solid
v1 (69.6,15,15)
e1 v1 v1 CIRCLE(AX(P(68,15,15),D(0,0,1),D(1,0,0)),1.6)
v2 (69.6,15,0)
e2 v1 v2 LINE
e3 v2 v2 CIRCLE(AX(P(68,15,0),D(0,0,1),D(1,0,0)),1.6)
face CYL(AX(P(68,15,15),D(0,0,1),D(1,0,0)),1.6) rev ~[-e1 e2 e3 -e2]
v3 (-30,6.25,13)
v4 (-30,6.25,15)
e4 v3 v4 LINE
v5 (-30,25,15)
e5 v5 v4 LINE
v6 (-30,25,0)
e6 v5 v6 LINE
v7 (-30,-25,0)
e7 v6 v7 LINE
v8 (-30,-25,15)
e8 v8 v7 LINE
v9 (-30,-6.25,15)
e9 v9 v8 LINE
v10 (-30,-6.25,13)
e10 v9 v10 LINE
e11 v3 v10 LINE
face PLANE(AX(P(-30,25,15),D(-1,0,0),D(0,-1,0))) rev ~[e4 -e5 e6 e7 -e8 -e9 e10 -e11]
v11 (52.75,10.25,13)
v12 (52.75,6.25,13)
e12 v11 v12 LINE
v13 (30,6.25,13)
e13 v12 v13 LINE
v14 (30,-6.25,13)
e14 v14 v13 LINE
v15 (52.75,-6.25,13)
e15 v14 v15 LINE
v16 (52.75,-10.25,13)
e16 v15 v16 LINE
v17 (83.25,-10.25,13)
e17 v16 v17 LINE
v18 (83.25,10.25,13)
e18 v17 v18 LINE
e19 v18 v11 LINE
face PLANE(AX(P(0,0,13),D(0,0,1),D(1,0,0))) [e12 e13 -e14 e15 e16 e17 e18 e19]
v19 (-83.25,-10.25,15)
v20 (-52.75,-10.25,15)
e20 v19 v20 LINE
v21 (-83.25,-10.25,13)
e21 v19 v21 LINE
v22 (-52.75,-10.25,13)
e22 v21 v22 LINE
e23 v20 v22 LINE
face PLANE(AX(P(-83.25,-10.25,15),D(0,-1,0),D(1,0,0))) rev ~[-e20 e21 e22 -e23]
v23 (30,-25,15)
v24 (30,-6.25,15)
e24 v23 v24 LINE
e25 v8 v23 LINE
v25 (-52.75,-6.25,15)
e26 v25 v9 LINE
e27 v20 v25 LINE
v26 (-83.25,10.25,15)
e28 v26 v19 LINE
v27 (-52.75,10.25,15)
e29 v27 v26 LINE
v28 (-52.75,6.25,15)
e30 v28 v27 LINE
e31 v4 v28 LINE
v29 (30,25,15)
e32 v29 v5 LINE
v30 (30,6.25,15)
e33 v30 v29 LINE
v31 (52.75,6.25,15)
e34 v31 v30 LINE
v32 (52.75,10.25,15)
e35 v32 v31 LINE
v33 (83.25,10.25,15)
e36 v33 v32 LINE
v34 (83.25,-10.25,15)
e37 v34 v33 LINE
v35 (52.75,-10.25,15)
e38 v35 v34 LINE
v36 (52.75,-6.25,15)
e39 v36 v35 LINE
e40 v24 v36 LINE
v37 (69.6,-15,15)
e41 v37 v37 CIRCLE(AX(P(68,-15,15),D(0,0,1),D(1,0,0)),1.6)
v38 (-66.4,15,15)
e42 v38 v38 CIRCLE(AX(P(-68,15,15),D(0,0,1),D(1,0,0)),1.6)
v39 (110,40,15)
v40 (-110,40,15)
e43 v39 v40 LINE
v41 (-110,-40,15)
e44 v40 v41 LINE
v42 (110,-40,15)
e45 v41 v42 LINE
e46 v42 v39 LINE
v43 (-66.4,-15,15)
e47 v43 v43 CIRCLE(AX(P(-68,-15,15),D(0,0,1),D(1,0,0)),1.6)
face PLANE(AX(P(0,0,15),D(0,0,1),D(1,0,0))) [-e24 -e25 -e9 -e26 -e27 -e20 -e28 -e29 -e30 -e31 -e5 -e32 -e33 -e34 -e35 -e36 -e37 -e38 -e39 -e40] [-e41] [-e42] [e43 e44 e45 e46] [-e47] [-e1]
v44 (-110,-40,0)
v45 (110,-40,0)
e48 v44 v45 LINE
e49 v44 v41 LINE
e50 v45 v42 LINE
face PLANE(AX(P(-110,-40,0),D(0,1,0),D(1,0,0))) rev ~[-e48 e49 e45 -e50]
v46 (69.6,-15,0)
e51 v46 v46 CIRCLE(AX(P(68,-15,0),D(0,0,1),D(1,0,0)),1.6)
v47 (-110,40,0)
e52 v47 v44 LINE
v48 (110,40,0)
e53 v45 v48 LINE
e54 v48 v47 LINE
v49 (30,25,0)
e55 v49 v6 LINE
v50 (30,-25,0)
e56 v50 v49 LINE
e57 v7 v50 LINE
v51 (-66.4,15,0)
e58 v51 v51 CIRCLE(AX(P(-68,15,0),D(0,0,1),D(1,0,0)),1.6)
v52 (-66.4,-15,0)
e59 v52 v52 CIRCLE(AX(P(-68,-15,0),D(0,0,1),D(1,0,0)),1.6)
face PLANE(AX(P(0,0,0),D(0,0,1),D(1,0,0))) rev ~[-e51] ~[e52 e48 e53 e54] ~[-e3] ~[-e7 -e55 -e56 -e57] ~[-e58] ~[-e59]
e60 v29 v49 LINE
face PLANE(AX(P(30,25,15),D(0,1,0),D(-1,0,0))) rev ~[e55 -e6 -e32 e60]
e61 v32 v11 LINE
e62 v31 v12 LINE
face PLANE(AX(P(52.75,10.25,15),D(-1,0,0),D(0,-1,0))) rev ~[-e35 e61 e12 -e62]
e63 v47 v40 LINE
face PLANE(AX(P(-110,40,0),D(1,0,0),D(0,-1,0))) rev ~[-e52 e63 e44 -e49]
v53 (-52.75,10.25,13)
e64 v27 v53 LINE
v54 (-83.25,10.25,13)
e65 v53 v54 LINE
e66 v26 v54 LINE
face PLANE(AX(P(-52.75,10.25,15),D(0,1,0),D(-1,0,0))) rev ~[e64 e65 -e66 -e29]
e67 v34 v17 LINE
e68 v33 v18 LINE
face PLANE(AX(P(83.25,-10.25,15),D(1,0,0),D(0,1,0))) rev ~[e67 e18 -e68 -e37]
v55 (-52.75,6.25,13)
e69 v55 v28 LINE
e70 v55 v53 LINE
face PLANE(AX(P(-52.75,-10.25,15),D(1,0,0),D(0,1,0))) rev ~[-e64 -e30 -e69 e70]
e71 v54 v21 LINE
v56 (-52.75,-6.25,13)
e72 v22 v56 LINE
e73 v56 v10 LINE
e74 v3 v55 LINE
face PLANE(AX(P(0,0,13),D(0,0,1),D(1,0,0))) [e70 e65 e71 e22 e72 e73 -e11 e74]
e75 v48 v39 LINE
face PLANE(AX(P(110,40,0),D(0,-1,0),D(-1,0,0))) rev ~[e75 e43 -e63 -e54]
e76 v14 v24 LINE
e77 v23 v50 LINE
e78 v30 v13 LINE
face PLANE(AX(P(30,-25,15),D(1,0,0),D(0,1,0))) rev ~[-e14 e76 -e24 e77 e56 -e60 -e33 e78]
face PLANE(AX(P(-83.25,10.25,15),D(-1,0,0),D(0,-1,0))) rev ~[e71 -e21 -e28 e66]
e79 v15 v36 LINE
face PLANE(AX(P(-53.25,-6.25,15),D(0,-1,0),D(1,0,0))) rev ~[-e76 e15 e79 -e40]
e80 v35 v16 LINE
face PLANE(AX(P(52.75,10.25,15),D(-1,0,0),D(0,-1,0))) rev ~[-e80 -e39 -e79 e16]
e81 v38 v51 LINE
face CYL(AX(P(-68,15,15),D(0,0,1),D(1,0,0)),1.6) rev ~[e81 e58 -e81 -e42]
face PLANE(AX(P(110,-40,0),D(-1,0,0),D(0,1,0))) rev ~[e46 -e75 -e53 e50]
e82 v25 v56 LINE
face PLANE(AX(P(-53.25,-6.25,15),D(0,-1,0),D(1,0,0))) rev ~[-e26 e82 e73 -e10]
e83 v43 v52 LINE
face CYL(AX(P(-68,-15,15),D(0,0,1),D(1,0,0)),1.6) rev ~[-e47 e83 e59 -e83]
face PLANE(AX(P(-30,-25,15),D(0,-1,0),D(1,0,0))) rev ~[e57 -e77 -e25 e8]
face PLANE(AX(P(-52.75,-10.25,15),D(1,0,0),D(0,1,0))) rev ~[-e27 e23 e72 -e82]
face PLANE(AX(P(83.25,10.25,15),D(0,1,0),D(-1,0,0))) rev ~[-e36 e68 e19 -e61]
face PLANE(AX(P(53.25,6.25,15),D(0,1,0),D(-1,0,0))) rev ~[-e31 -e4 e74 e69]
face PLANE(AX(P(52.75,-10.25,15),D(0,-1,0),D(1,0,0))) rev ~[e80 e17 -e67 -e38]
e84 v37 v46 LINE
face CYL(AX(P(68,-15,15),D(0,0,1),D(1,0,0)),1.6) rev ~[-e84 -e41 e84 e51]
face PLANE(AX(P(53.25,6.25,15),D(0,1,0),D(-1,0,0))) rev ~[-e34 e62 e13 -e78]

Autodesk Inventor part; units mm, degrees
ref_plane "YZ Plane" through (0, 0, 0) normal (1, 0, 0) x (0, 1, 0)
ref_plane "XZ Plane" through (0, 0, 0) normal (0, 1, 0) x (-1, 0, 0)
sketch "Skizze1" plane through (0, 0, 0) normal (0, 0, 1) x (1, 0, 0)
  line L0 (-110, -40) -> (110, -40)
  line L1 (110, -40) -> (110, 40)
  line L2 (110, 40) -> (-110, 40)
  line L3 (-110, 40) -> (-110, -40)
extrude "Extrusion1" add sketch "Skizze1" along normal blind 15
ref_plane "Arbeitsebene1" through (0, 0, 15) normal (0, 0, 1) x (1, 0, 0)
sketch "Skizze2" plane through (0, 0, 15) normal (0, 0, 1) x (1, 0, 0)
  line L0 (-83.25, -10.25) -> (-52.75, -10.25)
  line L1 (-52.75, -10.25) -> (-52.75, 10.25)
  line L2 (-52.75, 10.25) -> (-83.25, 10.25)
  line L3 (-83.25, 10.25) -> (-83.25, -10.25)
extrude "Extrusion2" cut sketch "Skizze2" against normal blind 2
sketch "Skizze3" plane through (0, 0, 15) normal (0, 0, 1) x (1, 0, 0)
  line L0 (52.75, -10.25) -> (83.25, -10.25)
  line L1 (83.25, -10.25) -> (83.25, 10.25)
  line L2 (83.25, 10.25) -> (52.75, 10.25)
  line L3 (52.75, 10.25) -> (52.75, -10.25)
extrude "Extrusion3" cut sketch "Skizze3" against normal blind 2
sketch "Skizze4" plane through (0, 0, 15) normal (0, 0, 1) x (1, 0, 0)
  line L0 (-53.25, -6.25) -> (53.25, -6.25)
  line L1 (53.25, -6.25) -> (53.25, 6.25)
  line L2 (53.25, 6.25) -> (-53.25, 6.25)
  line L3 (-53.25, 6.25) -> (-53.25, -6.25)
extrude "Extrusion4" cut sketch "Skizze4" against normal blind 2
sketch "Skizze5" plane through (0, 0, 15) normal (0, 0, 1) x (1, 0, 0)
  line L0 (-30, -25) -> (30, -25)
  line L1 (30, -25) -> (30, 25)
  line L2 (30, 25) -> (-30, 25)
  line L3 (-30, 25) -> (-30, -25)
extrude "Extrusion5" cut sketch "Skizze5" against normal blind 16
sketch "Skizze6" plane through (0, 0, 15) normal (0, 0, 1) x (1, 0, 0)
  circle A0 centre (-68, -15) radius 1.6
  circle A1 centre (-68, 15) radius 1.6
  circle A2 centre (68, -15) radius 1.6
  circle A3 centre (68, 15) radius 1.6
extrude "Extrusion6" cut sketch "Skizze6" against normal blind 16
properties part number "Grundplatte_v2"
